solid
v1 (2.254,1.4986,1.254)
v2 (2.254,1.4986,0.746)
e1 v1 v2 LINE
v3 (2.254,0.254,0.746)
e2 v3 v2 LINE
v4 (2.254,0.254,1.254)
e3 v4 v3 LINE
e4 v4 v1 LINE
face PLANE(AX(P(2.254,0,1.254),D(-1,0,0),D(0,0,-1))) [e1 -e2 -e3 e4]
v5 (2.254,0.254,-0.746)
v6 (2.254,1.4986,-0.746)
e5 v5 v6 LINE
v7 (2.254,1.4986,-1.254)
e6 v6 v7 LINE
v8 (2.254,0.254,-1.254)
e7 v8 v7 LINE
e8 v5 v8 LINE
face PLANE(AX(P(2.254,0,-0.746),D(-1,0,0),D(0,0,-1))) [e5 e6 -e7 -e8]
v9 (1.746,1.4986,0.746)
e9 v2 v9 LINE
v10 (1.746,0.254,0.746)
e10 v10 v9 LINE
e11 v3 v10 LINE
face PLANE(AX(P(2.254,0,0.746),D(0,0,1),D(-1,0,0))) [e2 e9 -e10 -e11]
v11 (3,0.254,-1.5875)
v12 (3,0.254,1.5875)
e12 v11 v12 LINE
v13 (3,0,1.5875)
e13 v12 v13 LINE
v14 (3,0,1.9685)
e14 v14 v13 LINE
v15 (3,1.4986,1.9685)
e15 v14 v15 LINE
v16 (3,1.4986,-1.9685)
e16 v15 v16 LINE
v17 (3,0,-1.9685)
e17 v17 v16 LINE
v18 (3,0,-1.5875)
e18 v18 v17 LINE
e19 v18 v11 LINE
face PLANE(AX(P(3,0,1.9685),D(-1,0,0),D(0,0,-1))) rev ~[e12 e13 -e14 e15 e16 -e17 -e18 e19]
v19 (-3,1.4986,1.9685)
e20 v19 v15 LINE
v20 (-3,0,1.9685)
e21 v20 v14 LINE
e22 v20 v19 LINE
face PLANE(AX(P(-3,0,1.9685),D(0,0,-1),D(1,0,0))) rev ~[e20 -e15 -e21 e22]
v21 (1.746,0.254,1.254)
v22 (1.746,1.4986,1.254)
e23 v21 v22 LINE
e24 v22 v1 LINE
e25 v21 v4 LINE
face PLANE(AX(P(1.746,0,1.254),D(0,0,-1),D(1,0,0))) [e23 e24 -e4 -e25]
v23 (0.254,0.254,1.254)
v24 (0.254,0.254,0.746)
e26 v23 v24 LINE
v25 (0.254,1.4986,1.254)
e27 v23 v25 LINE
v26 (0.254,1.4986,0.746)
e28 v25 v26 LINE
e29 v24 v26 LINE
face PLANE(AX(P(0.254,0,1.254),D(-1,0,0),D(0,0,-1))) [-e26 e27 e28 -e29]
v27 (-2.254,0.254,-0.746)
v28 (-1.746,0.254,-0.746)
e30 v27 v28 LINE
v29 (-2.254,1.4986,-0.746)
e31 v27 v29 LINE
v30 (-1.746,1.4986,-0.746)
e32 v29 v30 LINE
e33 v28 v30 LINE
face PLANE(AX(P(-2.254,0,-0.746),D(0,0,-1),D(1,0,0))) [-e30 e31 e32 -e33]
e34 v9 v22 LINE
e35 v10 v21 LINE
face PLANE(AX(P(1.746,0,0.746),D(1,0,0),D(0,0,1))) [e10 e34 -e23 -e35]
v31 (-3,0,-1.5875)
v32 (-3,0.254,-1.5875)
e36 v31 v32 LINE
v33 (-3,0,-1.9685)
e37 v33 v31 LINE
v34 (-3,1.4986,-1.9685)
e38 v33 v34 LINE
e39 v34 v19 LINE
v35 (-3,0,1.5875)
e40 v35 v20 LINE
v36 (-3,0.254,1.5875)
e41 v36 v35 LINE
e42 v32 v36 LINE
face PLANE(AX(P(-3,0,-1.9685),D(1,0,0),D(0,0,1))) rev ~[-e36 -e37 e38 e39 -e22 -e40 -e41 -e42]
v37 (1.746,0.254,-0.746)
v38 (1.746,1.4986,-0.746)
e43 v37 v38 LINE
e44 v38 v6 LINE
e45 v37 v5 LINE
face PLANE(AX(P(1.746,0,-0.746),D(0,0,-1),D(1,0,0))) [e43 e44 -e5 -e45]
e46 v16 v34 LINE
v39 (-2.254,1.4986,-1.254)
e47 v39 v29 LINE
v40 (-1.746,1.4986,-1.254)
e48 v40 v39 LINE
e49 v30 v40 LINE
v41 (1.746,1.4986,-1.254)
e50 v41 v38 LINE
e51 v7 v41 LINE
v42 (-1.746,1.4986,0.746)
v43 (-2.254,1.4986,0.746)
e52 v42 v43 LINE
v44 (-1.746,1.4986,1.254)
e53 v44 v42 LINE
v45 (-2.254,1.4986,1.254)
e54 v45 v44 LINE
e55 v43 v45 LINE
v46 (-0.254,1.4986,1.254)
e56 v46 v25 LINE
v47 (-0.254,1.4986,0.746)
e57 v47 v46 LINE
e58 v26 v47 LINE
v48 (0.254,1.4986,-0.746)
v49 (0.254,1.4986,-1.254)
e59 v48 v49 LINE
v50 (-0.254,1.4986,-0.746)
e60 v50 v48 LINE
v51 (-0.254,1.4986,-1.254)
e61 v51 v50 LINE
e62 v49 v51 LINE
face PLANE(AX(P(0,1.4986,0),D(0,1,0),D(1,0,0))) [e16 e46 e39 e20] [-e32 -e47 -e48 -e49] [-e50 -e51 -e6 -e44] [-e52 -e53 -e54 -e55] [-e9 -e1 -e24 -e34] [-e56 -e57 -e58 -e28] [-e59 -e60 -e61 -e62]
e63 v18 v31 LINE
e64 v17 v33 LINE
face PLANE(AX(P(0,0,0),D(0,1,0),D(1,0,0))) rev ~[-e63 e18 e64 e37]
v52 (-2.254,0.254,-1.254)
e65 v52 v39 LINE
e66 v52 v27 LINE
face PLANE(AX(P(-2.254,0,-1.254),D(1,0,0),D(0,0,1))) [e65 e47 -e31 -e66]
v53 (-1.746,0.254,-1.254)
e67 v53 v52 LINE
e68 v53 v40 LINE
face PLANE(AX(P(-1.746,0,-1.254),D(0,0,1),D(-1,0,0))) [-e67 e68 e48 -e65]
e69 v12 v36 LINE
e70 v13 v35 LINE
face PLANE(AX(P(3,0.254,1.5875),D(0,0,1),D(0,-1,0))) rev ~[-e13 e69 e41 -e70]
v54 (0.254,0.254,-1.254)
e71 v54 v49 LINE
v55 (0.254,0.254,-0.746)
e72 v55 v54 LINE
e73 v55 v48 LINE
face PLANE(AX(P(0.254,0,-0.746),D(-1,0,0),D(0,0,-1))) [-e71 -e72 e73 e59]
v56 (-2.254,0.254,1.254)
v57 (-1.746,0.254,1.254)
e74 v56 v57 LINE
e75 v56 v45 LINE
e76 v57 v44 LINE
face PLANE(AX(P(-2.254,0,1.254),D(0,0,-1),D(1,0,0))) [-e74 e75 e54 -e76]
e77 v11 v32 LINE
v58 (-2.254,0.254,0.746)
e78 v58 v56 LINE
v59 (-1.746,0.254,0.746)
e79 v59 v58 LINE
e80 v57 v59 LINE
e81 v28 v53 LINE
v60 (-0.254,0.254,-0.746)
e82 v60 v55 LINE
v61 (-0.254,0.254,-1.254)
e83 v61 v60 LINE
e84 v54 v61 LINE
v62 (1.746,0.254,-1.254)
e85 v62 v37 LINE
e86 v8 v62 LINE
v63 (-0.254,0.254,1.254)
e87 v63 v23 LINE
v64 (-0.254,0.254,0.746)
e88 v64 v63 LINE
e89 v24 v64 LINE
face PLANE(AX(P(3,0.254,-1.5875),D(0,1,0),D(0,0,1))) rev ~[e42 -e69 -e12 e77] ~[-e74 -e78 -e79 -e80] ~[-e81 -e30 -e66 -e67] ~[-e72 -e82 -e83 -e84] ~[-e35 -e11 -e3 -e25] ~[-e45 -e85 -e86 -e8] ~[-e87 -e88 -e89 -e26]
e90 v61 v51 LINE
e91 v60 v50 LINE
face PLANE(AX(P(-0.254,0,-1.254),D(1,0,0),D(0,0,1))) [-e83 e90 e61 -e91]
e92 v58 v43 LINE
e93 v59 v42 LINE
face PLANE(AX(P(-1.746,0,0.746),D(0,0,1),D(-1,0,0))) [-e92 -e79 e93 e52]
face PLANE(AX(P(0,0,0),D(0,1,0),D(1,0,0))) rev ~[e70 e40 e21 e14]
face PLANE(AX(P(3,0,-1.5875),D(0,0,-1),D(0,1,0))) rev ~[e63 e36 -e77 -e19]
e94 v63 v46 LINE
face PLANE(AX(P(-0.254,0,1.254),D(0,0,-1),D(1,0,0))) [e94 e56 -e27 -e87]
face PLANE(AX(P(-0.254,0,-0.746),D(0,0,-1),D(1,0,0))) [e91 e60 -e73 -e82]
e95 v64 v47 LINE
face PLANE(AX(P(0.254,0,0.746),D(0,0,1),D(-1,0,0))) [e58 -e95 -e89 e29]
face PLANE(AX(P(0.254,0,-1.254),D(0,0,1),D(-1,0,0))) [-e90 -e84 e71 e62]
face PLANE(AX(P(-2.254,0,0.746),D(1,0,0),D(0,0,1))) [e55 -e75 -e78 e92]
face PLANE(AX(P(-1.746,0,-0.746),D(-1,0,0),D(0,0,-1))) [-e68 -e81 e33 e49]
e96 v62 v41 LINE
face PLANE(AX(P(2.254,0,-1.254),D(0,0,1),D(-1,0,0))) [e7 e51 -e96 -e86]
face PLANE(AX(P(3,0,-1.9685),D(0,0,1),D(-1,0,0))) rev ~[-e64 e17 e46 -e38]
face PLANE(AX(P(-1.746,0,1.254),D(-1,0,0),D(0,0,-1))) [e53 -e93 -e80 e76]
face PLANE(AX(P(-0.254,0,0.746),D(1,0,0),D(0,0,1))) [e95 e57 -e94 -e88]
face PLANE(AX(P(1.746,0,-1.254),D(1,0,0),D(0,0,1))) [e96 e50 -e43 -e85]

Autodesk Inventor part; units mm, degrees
sketch "Sketch0" plane through (0, 0, 0) normal (0, 1, 0) x (1, 0, 0)
  line L0 (-3, -1.9685) -> (3, -1.9685)
  line L1 (3, -1.9685) -> (3, 1.9685)
  line L2 (3, 1.9685) -> (-3, 1.9685)
  line L3 (-3, 1.9685) -> (-3, -1.9685)
  line L4 (1.746, 0.746) -> (2.254, 0.746)
  line L5 (2.254, 0.746) -> (2.254, 1.254)
  line L6 (2.254, 1.254) -> (1.746, 1.254)
  line L7 (1.746, 1.254) -> (1.746, 0.746)
  line L8 (1.746, -1.254) -> (2.254, -1.254)
  line L9 (2.254, -1.254) -> (2.254, -0.746)
  line L10 (2.254, -0.746) -> (1.746, -0.746)
  line L11 (1.746, -0.746) -> (1.746, -1.254)
  line L12 (-0.254, 0.746) -> (0.254, 0.746)
  line L13 (0.254, 0.746) -> (0.254, 1.254)
  line L14 (0.254, 1.254) -> (-0.254, 1.254)
  line L15 (-0.254, 1.254) -> (-0.254, 0.746)
  line L16 (-0.254, -1.254) -> (0.254, -1.254)
  line L17 (0.254, -1.254) -> (0.254, -0.746)
  line L18 (0.254, -0.746) -> (-0.254, -0.746)
  line L19 (-0.254, -0.746) -> (-0.254, -1.254)
  line L20 (-2.254, 0.746) -> (-1.746, 0.746)
  line L21 (-1.746, 0.746) -> (-1.746, 1.254)
  line L22 (-1.746, 1.254) -> (-2.254, 1.254)
  line L23 (-2.254, 1.254) -> (-2.254, 0.746)
  line L24 (-2.254, -1.254) -> (-1.746, -1.254)
  line L25 (-1.746, -1.254) -> (-1.746, -0.746)
  line L26 (-1.746, -0.746) -> (-2.254, -0.746)
  line L27 (-2.254, -0.746) -> (-2.254, -1.254)
extrude "Extrusion1" add sketch "Sketch0" along normal blind 1.4986
sketch "Sketch1" plane through (3, 0, 0) normal (1, 0, 0) x (0, 0, -1)
  line L0 (-1.5875, 0.254) -> (-1.5875, 0)
  line L1 (-1.5875, 0) -> (1.5875, 0)
  line L2 (1.5875, 0) -> (1.5875, 0.254)
  line L3 (1.5875, 0.254) -> (-1.5875, 0.254)
extrude "Extrusion2" cut sketch "Sketch1" against normal blind 6
ref_plane "0_XY" through (0, 0, 0) normal (0, 1, 0) x (1, 0, 0)
ref_plane "0_YZ" through (0, 0, 0) normal (1, 0, 0) x (0, 0, -1)
ref_plane "0_ZX" through (0, 0, 0) normal (0, 0, -1) x (0, 1, 0)
properties part number "TMM-103-05-F-D_body"
